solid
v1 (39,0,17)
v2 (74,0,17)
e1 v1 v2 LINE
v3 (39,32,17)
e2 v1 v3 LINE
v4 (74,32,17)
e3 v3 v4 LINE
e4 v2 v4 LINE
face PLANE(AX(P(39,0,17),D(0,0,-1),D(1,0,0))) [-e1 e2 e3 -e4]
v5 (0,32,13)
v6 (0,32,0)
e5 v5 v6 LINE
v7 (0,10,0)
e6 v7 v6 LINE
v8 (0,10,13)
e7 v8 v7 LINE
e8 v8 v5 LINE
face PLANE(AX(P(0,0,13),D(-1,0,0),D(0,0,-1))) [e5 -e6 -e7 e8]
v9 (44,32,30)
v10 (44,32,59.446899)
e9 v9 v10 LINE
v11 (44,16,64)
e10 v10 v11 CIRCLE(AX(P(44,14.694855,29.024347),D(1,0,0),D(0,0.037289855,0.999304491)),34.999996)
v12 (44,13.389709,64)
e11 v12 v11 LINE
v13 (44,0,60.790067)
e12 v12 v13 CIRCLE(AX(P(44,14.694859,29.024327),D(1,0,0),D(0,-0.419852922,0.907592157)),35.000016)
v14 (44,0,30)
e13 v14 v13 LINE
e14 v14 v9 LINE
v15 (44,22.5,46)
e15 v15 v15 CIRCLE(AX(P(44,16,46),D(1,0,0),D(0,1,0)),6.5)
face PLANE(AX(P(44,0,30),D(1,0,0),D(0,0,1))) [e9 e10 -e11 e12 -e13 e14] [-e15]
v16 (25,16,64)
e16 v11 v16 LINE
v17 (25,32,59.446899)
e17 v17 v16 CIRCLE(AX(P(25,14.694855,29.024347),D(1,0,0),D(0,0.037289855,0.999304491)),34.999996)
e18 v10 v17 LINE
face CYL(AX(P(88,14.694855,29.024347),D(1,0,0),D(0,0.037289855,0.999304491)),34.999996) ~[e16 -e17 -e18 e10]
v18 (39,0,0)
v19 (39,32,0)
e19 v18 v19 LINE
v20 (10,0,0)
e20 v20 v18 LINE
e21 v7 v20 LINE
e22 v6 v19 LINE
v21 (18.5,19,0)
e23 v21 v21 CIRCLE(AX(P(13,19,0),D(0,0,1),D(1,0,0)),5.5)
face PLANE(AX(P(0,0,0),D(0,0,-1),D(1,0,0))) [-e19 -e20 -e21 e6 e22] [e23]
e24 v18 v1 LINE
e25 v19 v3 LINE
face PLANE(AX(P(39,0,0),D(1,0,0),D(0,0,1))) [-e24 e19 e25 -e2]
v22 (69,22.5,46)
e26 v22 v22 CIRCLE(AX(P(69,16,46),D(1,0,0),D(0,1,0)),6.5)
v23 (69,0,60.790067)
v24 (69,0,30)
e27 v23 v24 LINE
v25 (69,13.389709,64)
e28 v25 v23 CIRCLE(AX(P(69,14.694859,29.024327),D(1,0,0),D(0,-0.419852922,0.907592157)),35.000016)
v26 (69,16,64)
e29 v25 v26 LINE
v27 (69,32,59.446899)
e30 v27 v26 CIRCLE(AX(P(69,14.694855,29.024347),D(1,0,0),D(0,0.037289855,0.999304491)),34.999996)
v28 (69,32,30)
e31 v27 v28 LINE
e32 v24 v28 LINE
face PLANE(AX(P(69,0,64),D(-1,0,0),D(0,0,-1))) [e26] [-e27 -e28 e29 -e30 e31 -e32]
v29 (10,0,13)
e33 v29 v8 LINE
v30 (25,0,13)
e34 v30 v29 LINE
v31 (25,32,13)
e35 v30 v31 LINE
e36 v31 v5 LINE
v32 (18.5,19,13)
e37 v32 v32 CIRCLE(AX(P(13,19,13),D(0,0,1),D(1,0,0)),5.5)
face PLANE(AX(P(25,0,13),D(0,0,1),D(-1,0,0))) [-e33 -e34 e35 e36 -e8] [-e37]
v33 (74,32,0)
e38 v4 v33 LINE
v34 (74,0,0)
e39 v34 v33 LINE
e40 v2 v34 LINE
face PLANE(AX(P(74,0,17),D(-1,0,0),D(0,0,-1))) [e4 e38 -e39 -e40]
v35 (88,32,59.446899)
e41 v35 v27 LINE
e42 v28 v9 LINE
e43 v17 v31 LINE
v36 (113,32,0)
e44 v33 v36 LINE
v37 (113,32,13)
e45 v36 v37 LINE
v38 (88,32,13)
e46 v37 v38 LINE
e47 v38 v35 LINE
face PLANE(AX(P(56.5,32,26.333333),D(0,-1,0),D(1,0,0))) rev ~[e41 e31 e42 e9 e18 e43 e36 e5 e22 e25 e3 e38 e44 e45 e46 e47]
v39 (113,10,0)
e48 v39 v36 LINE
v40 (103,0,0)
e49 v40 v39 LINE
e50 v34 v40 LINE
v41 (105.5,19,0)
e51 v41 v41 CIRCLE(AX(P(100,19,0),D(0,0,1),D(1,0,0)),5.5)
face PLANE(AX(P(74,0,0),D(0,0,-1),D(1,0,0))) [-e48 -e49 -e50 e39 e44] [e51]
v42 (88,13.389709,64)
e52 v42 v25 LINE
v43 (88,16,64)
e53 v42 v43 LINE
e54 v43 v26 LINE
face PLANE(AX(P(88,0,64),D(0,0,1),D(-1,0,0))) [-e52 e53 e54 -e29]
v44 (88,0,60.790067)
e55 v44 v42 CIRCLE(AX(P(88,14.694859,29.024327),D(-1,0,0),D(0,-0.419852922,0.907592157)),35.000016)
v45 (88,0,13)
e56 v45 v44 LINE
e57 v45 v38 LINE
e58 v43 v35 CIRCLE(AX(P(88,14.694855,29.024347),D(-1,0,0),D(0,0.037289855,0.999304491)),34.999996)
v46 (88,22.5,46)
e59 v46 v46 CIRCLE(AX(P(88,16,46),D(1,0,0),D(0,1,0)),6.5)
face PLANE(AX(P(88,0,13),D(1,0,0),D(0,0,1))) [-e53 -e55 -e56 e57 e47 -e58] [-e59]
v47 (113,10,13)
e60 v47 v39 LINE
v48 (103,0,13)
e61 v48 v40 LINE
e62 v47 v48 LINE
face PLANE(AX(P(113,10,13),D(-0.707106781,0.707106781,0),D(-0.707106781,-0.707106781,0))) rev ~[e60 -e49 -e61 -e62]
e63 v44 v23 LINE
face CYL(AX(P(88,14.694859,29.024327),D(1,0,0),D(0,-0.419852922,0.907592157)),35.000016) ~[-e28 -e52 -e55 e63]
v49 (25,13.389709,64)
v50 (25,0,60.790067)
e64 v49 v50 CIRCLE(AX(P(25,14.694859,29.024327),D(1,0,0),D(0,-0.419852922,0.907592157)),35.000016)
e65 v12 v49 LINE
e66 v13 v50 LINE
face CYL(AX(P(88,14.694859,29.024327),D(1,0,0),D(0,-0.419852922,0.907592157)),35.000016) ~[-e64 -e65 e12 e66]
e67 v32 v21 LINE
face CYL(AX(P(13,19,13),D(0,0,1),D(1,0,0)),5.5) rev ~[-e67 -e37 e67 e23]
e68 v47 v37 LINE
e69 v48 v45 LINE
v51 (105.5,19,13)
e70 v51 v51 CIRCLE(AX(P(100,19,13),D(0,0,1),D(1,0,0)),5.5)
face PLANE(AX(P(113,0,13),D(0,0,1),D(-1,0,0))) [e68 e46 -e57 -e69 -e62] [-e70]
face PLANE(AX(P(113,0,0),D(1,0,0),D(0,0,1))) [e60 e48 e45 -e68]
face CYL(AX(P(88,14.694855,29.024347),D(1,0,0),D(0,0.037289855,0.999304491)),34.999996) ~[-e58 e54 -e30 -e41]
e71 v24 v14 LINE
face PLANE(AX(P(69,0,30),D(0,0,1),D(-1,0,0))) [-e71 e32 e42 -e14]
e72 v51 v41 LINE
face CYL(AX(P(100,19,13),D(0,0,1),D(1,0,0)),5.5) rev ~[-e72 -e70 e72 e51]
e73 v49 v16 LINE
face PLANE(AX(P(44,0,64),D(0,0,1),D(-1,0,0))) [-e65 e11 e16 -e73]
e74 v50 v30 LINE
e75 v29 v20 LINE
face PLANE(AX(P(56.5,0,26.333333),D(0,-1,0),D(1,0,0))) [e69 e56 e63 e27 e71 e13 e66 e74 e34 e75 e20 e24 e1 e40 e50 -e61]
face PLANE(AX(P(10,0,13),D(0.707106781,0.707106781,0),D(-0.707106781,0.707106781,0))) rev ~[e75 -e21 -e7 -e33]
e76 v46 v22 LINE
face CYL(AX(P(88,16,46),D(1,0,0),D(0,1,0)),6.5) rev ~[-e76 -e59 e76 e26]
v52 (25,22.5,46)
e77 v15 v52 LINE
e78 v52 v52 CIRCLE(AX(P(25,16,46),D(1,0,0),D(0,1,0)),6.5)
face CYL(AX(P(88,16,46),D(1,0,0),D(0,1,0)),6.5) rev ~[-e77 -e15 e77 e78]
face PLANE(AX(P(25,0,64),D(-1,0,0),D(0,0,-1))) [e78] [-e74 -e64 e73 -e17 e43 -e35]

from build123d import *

# Parameters (mm, degrees)
F1_DEPTH = 32
F2_R     = 6.5
F3_DEPTH = 88.001
F5_DEPTH = 88.001
F6_R     = 5.5
F7_DEPTH = 13.001
F8_DEPTH = 13.001


with BuildPart() as f1:
    # F0 (on Front) → F1 (new body)
    with BuildSketch(Plane.XZ):
        Polygon((0, 13), (0, 0), (39, 0), (39, 17), (74, 17), (74, 0), (113, 0), (113, 13), (88, 13), (88, 64), (69, 64), (69, 30), (44, 30), (44, 64), (25, 64), (25, 13), align=None)
    extrude(amount=-F1_DEPTH)

    # F2 (on face) → F3 (cut, through all)
    with BuildSketch(Plane.YZ.offset(88)):
        with Locations((16, 46)):
            Circle(F2_R)
    extrude(amount=-F3_DEPTH, mode=Mode.SUBTRACT)

    # F4 (on face) → F5 (cut, through all)
    with BuildSketch(Plane.YZ.offset(88)):
        with BuildLine():
            ThreePointArc((0, 60.790067), (6.535448, 63.059972), (13.389709, 64))
            Line((13.389709, 64), (0, 64))
            Line((0, 64), (0, 60.790067))
        make_face()
        with BuildLine():
            ThreePointArc((16, 64), (24.274438, 62.687848), (32, 59.446899))
            Line((32, 59.446899), (32, 64))
            Line((32, 64), (16, 64))
        make_face()
    extrude(amount=-F5_DEPTH, mode=Mode.SUBTRACT)

    # F6 (on face) → F7 (cut, through all)
    with BuildSketch(Plane.XY.offset(13)):
        Polygon((0, 10), (0, 0), (10, 0), align=None)
        Polygon((113, 10), (103, 0), (113, 0), align=None)
        with Locations((100, 19)):
            Circle(F6_R)
    extrude(amount=-F7_DEPTH, mode=Mode.SUBTRACT)

    # F6 (on face) → F8 (cut, through all)
    with BuildSketch(Plane.XY.offset(13)):
        with Locations((13, 19)):
            Circle(F6_R)
    extrude(amount=-F8_DEPTH, mode=Mode.SUBTRACT)


solid = f1.part
